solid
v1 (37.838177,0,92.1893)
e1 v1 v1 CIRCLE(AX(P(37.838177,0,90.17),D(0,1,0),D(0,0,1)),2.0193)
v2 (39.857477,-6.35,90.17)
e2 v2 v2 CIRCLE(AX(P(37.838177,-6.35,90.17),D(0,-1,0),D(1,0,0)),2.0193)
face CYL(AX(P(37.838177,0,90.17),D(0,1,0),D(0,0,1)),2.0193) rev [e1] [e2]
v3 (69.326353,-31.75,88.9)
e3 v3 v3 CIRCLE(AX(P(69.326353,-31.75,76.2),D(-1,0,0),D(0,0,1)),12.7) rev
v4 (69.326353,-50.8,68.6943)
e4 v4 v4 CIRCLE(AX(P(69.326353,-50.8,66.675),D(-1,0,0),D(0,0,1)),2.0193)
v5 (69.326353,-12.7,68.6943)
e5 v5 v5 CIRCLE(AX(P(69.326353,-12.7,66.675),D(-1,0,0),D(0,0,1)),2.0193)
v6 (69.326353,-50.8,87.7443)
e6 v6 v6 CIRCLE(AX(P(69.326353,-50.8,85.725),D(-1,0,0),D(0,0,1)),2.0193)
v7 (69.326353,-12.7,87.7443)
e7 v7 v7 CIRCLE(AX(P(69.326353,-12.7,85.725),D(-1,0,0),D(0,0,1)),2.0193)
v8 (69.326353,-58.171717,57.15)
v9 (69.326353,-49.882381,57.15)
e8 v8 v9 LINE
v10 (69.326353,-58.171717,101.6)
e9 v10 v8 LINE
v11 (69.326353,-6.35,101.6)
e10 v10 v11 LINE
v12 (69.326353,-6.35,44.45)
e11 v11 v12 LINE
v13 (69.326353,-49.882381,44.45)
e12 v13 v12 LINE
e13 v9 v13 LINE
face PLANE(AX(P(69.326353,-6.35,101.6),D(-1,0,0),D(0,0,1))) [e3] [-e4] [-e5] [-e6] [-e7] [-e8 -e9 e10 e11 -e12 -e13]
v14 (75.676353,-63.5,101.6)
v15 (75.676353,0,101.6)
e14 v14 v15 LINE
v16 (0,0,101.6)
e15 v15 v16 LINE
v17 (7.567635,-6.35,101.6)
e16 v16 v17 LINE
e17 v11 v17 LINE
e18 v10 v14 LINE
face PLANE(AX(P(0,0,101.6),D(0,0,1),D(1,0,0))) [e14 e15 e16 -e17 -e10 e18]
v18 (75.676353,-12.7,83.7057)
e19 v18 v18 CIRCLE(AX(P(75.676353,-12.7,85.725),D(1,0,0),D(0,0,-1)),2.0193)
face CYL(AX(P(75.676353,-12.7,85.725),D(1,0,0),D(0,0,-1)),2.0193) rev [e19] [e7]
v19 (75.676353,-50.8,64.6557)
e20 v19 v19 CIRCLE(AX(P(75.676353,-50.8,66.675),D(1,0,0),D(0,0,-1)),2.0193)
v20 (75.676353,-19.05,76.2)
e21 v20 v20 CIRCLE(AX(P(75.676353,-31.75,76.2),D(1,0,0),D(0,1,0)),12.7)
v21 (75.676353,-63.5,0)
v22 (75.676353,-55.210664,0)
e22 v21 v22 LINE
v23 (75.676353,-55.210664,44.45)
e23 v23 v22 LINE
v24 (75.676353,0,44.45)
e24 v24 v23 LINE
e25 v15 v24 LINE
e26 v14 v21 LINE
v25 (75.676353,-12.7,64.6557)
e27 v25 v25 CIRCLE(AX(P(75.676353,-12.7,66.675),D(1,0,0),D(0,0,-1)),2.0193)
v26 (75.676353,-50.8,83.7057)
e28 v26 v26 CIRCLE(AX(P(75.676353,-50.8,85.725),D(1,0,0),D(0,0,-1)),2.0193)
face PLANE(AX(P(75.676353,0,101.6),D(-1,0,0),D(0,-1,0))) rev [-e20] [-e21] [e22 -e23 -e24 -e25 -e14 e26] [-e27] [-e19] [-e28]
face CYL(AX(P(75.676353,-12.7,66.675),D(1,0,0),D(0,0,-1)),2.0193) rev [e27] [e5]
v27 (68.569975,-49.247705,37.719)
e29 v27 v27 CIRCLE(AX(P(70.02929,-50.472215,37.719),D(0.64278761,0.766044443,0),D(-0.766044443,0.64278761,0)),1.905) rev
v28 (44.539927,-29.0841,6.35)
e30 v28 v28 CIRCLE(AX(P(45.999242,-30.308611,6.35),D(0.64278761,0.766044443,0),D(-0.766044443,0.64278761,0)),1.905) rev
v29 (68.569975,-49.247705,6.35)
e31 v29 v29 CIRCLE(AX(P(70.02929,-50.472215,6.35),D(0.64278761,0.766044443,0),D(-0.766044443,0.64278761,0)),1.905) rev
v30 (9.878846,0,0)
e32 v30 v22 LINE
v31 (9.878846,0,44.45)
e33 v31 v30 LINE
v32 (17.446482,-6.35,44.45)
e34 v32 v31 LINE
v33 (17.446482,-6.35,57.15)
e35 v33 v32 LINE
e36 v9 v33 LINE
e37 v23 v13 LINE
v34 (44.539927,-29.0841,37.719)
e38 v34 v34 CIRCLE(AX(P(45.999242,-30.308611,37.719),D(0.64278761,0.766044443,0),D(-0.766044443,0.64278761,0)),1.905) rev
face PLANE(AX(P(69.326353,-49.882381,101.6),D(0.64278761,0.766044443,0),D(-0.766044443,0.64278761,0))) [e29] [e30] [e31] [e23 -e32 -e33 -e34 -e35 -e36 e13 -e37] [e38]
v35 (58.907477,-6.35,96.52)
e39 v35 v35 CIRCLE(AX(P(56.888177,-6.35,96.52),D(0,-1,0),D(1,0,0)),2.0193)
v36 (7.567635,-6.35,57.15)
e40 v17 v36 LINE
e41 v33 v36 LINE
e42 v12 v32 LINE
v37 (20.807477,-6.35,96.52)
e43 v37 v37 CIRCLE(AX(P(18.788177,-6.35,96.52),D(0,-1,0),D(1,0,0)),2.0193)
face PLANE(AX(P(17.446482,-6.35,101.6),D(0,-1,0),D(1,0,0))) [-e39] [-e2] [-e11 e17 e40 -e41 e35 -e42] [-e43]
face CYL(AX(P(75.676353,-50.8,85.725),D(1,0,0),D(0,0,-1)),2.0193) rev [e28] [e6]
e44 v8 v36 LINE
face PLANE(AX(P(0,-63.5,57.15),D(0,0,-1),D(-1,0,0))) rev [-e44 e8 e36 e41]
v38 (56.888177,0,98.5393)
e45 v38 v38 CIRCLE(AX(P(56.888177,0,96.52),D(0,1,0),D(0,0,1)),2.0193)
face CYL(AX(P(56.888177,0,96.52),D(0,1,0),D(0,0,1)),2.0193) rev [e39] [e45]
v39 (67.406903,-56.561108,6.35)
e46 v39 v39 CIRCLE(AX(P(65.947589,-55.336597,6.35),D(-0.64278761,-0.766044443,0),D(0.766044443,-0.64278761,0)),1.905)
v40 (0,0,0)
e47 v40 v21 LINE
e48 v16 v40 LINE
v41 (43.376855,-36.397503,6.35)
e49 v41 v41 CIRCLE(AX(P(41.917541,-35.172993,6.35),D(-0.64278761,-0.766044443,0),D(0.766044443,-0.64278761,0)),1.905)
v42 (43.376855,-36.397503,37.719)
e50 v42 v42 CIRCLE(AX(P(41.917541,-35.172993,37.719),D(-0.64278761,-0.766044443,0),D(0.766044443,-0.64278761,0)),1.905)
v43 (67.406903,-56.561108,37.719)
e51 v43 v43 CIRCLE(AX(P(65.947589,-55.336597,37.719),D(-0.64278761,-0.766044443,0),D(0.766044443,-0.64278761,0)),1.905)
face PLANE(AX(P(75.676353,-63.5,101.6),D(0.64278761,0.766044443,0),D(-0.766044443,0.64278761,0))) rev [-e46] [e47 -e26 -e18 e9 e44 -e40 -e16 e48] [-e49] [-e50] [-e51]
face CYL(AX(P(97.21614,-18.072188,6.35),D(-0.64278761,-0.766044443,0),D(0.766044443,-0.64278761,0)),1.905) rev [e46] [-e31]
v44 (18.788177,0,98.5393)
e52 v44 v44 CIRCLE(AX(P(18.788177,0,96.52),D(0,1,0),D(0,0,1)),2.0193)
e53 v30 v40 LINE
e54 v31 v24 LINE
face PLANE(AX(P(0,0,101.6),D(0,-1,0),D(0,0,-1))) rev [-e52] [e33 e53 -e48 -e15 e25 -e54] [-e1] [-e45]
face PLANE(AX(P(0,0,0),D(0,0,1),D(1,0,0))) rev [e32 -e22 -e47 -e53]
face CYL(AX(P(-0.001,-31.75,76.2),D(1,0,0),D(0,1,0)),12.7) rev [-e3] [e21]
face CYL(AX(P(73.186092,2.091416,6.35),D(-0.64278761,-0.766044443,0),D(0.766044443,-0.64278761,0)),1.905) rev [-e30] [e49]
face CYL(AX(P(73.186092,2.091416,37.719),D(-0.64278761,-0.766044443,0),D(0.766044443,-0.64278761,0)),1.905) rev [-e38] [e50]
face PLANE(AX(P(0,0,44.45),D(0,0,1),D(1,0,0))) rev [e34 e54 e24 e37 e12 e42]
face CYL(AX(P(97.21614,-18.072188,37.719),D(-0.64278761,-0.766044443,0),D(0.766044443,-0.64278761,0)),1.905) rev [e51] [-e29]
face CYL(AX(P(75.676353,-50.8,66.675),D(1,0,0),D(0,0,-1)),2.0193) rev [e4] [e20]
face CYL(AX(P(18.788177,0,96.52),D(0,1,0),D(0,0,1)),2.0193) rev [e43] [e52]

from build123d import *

# Parameters (mm, degrees)
BOSS_EXTRUDE1_DEPTH        = 101.6
CUT_EXTRUDE2_START         = -6.35
SKETCH3_W                  = 69.32635313
SKETCH3_H                  = 44.45
CUT_EXTRUDE2_DEPTH         = 58.15
CUT_EXTRUDE3_REACH         = 77.676
SKETCH4_R                  = 12.7
F_10_32_TAPPED_HOLE1_D     = 4.0386
F_10_32_TAPPED_HOLE1_DEPTH = 6.35
F_10_32_TAPPED_HOLE2_D     = 4.0386
F_10_32_TAPPED_HOLE2_DEPTH = 6.35
CUT_EXTRUDE4_DEPTH         = 44.45
CUT_EXTRUDE5_REACH         = 50.644
SKETCH11_R                 = 1.905


with BuildPart() as part:
    # Sketch1 → Boss-Extrude1 (new body)
    with BuildSketch(Plane.XY):
        Polygon((0, 0), (75.67635313, 0), (75.67635313, -63.5), align=None)
        Polygon((17.446481614, -6.35), (69.32635313, -6.35), (69.32635313, -49.882381055), align=None, mode=Mode.SUBTRACT)
    extrude(amount=BOSS_EXTRUDE1_DEPTH)

    # Sketch3 → Cut-Extrude2 (cut, through all)
    with BuildSketch(Plane(origin=(0, 0, 0), x_dir=(1, 0, 0), z_dir=(0, 1, 0)).offset(CUT_EXTRUDE2_START)):
        with Locations((34.663176565, -79.375)):
            Rectangle(SKETCH3_W, SKETCH3_H)
    extrude(amount=-CUT_EXTRUDE2_DEPTH, mode=Mode.SUBTRACT)

    # Sketch4 → Cut-Extrude3 (cut, up to next)
    with BuildSketch(Plane(origin=(75.67635313, 0, 0), x_dir=(0, 0, -1), z_dir=(1, 0, 0)), mode=Mode.PRIVATE) as cut_extrude3_sk1:
        with Locations((-76.2, -31.75)):
            Circle(SKETCH4_R)
    cut_extrude3_tool1 = extrude(cut_extrude3_sk1.sketch, amount=-CUT_EXTRUDE3_REACH, mode=Mode.PRIVATE) & part.part
    add(cut_extrude3_tool1.solids().sort_by_distance((75.676353, -31.75, 76.2))[0], mode=Mode.SUBTRACT)

    # #10-32 Tapped Hole1
    with Locations(Plane(origin=(75.67635313, -50.8, 85.725), x_dir=(0, 1, 0), z_dir=(1, 0, 0))):
        with Locations((0, 0), (0, -19.05), (38.1, 0), (38.1, -19.05)):
            Hole(F_10_32_TAPPED_HOLE1_D / 2, depth=F_10_32_TAPPED_HOLE1_DEPTH)

    # #10-32 Tapped Hole2
    with Locations(Plane(origin=(0, 0, 0), x_dir=(1, 0, 0), z_dir=(0, 1, 0))):
        with Locations((56.888176565, -96.52), (37.838176565, -90.17), (18.788176565, -96.52)):
            Hole(F_10_32_TAPPED_HOLE2_D / 2, depth=F_10_32_TAPPED_HOLE2_DEPTH)

    # Sketch10 → Cut-Extrude4 (cut)
    with BuildSketch(Plane(origin=(0, 0, 0), x_dir=(-1, 0, 0), z_dir=(0, 0, -1))):
        Polygon((-75.67635313, -55.210663713), (-9.878846301, 0), (-75.67635313, 0), align=None)
    extrude(amount=-CUT_EXTRUDE4_DEPTH, mode=Mode.SUBTRACT)

    # Sketch11 → Cut-Extrude5 (cut, up to next)
    with BuildSketch(Plane(origin=(0, 0, 0), x_dir=(0.766044443, -0.64278761, 0), z_dir=(-0.64278761, -0.766044443, 0)), mode=Mode.PRIVATE) as cut_extrude5_sk1:
        with Locations((54.719463006, 37.719)):
            Circle(SKETCH11_R)
    cut_extrude5_tool1 = extrude(cut_extrude5_sk1.sketch, amount=-CUT_EXTRUDE5_REACH, mode=Mode.PRIVATE) & part.part
    add(cut_extrude5_tool1.solids().sort_by_distance((41.917541, -35.172993, 37.719))[0], mode=Mode.SUBTRACT)
    # Sketch11 → Cut-Extrude5 (cut, up to next)
    with BuildSketch(Plane(origin=(0, 0, 0), x_dir=(0.766044443, -0.64278761, 0), z_dir=(-0.64278761, -0.766044443, 0)), mode=Mode.PRIVATE) as cut_extrude5_sk2:
        with Locations((86.088463006, 37.719)):
            Circle(SKETCH11_R)
    cut_extrude5_tool2 = extrude(cut_extrude5_sk2.sketch, amount=-CUT_EXTRUDE5_REACH, mode=Mode.PRIVATE) & part.part
    add(cut_extrude5_tool2.solids().sort_by_distance((65.947589, -55.336597, 37.719))[0], mode=Mode.SUBTRACT)
    # Sketch11 → Cut-Extrude5 (cut, up to next)
    with BuildSketch(Plane(origin=(0, 0, 0), x_dir=(0.766044443, -0.64278761, 0), z_dir=(-0.64278761, -0.766044443, 0)), mode=Mode.PRIVATE) as cut_extrude5_sk3:
        with Locations((54.719463006, 6.35)):
            Circle(SKETCH11_R)
    cut_extrude5_tool3 = extrude(cut_extrude5_sk3.sketch, amount=-CUT_EXTRUDE5_REACH, mode=Mode.PRIVATE) & part.part
    add(cut_extrude5_tool3.solids().sort_by_distance((41.917541, -35.172993, 6.35))[0], mode=Mode.SUBTRACT)
    # Sketch11 → Cut-Extrude5 (cut, up to next)
    with BuildSketch(Plane(origin=(0, 0, 0), x_dir=(0.766044443, -0.64278761, 0), z_dir=(-0.64278761, -0.766044443, 0)), mode=Mode.PRIVATE) as cut_extrude5_sk4:
        with Locations((86.088463006, 6.35)):
            Circle(SKETCH11_R)
    cut_extrude5_tool4 = extrude(cut_extrude5_sk4.sketch, amount=-CUT_EXTRUDE5_REACH, mode=Mode.PRIVATE) & part.part
    add(cut_extrude5_tool4.solids().sort_by_distance((65.947589, -55.336597, 6.35))[0], mode=Mode.SUBTRACT)


solid = part.part
